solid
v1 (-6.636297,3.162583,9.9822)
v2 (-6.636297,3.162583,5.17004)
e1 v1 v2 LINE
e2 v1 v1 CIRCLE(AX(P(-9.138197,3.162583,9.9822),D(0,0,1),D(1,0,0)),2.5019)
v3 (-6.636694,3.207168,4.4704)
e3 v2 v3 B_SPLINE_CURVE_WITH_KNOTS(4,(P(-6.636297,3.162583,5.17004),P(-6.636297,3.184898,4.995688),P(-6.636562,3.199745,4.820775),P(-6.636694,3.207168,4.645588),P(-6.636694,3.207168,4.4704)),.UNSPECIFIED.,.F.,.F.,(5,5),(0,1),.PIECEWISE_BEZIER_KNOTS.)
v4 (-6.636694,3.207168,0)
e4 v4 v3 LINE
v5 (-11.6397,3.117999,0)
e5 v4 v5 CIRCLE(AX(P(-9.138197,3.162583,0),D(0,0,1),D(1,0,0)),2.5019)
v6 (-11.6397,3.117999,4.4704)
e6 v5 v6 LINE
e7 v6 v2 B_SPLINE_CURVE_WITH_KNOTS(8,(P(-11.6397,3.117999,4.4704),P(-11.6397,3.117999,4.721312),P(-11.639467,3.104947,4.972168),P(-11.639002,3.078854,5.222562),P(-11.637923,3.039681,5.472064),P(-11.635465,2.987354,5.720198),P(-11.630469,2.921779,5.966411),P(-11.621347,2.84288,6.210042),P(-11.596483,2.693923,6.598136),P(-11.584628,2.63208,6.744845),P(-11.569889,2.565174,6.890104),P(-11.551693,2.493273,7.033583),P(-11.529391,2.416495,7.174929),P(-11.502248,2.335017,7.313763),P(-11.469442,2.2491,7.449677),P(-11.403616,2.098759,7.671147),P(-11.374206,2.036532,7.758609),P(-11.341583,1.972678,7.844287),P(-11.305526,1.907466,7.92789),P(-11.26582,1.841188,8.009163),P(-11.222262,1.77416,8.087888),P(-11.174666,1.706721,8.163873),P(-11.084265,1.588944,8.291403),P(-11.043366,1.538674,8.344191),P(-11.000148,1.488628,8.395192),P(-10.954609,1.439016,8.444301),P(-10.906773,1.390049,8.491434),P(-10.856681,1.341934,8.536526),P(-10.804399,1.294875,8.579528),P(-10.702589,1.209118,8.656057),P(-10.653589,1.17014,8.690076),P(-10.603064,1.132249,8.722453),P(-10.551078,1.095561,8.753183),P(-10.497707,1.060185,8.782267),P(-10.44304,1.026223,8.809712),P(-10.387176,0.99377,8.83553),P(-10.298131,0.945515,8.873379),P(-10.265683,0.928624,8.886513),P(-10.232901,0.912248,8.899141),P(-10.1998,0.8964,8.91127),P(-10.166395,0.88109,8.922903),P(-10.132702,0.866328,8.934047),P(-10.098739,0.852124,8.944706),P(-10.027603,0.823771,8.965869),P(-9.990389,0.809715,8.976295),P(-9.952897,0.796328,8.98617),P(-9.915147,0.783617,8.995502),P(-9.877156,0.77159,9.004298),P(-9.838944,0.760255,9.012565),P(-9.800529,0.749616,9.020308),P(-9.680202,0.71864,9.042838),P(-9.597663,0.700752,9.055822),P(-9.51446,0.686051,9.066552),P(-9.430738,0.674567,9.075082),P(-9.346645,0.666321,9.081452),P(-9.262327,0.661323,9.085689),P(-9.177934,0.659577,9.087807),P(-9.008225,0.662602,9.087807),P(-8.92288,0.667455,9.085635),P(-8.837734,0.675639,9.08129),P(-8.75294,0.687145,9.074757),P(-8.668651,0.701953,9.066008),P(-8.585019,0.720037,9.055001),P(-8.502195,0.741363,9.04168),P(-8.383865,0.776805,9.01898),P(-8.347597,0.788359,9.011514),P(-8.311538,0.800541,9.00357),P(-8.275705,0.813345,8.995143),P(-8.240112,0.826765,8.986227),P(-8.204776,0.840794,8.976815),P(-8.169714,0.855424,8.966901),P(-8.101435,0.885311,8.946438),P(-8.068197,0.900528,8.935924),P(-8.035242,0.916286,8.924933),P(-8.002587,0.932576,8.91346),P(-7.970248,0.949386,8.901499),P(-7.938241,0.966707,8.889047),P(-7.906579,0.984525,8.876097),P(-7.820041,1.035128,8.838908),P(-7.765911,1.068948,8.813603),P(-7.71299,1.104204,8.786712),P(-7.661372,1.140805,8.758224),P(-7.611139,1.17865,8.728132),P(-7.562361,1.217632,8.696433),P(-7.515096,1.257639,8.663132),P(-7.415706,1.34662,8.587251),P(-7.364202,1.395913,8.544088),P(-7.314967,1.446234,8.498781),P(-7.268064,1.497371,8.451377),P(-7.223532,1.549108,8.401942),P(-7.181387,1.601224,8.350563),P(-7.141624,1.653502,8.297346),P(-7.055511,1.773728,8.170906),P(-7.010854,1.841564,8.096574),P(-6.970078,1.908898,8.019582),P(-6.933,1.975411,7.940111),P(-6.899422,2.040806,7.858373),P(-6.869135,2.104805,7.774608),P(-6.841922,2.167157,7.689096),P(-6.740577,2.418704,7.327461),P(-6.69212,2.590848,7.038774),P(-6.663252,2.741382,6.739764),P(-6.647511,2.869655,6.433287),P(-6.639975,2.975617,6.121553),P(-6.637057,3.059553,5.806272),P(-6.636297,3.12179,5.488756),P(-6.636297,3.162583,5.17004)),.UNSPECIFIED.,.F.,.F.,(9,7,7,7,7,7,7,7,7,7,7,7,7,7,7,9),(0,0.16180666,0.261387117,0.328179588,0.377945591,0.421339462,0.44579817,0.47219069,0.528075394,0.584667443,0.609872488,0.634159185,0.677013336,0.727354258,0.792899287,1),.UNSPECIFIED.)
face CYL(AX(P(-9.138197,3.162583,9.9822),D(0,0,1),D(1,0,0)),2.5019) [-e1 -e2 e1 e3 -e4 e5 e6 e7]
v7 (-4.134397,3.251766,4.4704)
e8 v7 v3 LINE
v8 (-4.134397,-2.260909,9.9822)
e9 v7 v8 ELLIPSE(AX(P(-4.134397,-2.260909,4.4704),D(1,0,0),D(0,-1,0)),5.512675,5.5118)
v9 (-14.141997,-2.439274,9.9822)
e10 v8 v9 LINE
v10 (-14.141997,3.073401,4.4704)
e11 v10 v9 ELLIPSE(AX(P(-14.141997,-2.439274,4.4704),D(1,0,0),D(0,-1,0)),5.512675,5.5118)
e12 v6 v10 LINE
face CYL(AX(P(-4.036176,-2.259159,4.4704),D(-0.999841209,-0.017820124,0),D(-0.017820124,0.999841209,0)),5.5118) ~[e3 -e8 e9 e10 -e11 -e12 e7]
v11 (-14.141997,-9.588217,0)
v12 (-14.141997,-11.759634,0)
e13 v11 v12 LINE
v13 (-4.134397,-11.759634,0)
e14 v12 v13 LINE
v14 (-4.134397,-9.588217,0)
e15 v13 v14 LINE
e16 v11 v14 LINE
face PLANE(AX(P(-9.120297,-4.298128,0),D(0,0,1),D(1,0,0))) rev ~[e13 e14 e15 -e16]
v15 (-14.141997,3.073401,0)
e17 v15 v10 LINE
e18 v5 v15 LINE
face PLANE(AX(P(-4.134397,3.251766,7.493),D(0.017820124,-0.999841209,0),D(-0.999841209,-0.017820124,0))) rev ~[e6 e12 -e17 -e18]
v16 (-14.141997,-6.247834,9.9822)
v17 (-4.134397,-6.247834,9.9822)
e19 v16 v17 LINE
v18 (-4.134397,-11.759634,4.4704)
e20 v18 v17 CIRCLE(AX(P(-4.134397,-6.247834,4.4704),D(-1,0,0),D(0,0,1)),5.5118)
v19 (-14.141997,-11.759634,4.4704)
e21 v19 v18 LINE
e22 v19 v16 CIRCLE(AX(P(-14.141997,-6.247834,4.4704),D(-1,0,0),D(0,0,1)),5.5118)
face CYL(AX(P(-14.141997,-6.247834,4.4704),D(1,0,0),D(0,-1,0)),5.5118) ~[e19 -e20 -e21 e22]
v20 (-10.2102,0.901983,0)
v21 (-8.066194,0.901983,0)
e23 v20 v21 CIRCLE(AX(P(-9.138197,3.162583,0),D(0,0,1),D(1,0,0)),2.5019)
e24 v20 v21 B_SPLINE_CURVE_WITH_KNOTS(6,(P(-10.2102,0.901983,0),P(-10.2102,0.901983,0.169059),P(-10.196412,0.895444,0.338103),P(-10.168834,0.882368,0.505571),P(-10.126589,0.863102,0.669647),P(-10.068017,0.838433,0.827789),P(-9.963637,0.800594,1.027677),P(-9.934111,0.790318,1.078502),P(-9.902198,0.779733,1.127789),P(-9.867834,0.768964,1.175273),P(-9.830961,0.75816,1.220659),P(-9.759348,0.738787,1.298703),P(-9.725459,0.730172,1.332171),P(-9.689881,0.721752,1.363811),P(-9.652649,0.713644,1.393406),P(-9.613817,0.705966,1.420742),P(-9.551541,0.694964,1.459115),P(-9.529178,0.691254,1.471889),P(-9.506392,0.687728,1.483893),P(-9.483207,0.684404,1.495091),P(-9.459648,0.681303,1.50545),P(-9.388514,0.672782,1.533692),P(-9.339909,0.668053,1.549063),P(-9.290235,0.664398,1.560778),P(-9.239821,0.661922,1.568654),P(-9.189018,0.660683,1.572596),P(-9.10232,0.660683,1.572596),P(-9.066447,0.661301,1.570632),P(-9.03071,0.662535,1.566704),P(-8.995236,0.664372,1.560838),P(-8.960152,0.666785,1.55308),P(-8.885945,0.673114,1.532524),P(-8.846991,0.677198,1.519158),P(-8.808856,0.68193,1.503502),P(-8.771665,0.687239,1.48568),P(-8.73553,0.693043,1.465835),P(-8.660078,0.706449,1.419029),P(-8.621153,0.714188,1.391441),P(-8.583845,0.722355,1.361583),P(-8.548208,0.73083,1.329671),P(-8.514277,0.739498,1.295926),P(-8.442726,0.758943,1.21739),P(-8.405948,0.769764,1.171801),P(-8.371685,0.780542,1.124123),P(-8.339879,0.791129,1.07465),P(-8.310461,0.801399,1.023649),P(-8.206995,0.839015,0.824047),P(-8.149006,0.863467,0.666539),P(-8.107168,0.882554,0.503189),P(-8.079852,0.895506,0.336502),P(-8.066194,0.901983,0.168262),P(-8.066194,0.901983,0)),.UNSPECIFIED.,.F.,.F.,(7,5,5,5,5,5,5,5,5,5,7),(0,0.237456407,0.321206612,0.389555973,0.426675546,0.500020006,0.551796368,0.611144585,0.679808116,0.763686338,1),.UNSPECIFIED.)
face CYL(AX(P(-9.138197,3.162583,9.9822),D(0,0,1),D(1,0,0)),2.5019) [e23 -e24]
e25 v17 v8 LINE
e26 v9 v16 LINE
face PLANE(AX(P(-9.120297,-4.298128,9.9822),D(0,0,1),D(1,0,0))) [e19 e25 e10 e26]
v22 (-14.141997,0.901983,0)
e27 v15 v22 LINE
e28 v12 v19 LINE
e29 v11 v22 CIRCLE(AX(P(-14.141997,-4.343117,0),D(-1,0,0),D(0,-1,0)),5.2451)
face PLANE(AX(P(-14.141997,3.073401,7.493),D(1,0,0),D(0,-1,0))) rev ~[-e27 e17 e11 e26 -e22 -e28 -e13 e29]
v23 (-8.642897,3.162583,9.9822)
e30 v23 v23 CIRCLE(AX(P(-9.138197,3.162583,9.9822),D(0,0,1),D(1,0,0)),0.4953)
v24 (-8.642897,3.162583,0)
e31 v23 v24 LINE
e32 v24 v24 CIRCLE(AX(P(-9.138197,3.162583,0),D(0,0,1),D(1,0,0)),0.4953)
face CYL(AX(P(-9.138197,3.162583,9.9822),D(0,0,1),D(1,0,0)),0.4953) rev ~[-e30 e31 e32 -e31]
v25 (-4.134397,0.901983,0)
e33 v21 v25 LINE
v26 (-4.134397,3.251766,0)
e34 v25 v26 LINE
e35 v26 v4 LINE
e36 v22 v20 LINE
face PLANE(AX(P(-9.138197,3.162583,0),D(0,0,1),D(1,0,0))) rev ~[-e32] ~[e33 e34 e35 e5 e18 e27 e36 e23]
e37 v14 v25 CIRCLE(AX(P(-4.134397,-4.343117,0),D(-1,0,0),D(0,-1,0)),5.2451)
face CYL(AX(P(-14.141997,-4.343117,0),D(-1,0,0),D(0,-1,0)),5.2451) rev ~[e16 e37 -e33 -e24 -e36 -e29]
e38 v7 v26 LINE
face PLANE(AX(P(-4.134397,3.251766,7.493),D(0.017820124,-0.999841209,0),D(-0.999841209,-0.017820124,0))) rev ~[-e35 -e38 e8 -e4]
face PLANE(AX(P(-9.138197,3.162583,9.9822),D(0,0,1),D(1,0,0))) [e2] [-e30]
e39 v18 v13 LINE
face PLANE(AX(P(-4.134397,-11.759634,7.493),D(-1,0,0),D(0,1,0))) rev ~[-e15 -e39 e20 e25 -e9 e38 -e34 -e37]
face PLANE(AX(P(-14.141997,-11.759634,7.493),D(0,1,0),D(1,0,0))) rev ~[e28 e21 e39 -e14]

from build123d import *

# Parameters (mm, degrees)
F1_DEPTH  = 7.493
F3_DEPTH  = 10.0086
F5_DEPTH  = 2.4892
F6_R      = 5.5118
F7_R      = 2.5019
F8_DEPTH  = 9.9822
F9_R      = 0.4953
F10_DEPTH = 9.9822


with BuildPart() as f1:
    # F0 (on Top) → F1 (new body)
    with BuildSketch(Plane.XY):
        Polygon((-14.141997, 3.073401), (-14.141997, -11.759634), (-4.134397, -11.759634), (-4.134397, 3.251766), align=None)
    extrude(amount=F1_DEPTH)

    # F2 (on face) → F3 (cut, through all)
    with BuildSketch(Plane(origin=(-14.141997, 0, 0), x_dir=(0, -1, 0), z_dir=(-1, 0, 0))):
        with BuildLine():
            Line((-0.901983, 0), (9.588217, 0))
            ThreePointArc((9.588217, 0), (4.343117, 5.2451), (-0.901983, 0))
        make_face()
    extrude(amount=-F3_DEPTH, mode=Mode.SUBTRACT)

    # F4 (on face) → F5 (join)
    with BuildSketch(Plane.XY.offset(7.493)):
        Polygon((-4.134397, 3.251766), (-14.141997, 3.073401), (-14.141997, -11.759634), (-4.134397, -11.759634), align=None)
    extrude(amount=F5_DEPTH)

    # F6
    f6_edges = [f1.edges().sort_by_distance(p)[0] for p in [
        (-9.138197, 3.162583, 9.9822),
        (-9.138197, -11.759634, 9.9822),
    ]]
    fillet(f6_edges, radius=F6_R)

    # F7 (on face) → F8 (join)
    with BuildSketch(Plane.XY.offset(9.9822)):
        with Locations((-9.138197, 3.162583)):
            Circle(F7_R)
    extrude(amount=-F8_DEPTH)

    # F9 (on face) → F10 (cut)
    with BuildSketch(Plane.XY.offset(9.9822)):
        with Locations((-9.138197, 3.162583)):
            Circle(F9_R)
    extrude(amount=-F10_DEPTH, mode=Mode.SUBTRACT)


solid = f1.part
